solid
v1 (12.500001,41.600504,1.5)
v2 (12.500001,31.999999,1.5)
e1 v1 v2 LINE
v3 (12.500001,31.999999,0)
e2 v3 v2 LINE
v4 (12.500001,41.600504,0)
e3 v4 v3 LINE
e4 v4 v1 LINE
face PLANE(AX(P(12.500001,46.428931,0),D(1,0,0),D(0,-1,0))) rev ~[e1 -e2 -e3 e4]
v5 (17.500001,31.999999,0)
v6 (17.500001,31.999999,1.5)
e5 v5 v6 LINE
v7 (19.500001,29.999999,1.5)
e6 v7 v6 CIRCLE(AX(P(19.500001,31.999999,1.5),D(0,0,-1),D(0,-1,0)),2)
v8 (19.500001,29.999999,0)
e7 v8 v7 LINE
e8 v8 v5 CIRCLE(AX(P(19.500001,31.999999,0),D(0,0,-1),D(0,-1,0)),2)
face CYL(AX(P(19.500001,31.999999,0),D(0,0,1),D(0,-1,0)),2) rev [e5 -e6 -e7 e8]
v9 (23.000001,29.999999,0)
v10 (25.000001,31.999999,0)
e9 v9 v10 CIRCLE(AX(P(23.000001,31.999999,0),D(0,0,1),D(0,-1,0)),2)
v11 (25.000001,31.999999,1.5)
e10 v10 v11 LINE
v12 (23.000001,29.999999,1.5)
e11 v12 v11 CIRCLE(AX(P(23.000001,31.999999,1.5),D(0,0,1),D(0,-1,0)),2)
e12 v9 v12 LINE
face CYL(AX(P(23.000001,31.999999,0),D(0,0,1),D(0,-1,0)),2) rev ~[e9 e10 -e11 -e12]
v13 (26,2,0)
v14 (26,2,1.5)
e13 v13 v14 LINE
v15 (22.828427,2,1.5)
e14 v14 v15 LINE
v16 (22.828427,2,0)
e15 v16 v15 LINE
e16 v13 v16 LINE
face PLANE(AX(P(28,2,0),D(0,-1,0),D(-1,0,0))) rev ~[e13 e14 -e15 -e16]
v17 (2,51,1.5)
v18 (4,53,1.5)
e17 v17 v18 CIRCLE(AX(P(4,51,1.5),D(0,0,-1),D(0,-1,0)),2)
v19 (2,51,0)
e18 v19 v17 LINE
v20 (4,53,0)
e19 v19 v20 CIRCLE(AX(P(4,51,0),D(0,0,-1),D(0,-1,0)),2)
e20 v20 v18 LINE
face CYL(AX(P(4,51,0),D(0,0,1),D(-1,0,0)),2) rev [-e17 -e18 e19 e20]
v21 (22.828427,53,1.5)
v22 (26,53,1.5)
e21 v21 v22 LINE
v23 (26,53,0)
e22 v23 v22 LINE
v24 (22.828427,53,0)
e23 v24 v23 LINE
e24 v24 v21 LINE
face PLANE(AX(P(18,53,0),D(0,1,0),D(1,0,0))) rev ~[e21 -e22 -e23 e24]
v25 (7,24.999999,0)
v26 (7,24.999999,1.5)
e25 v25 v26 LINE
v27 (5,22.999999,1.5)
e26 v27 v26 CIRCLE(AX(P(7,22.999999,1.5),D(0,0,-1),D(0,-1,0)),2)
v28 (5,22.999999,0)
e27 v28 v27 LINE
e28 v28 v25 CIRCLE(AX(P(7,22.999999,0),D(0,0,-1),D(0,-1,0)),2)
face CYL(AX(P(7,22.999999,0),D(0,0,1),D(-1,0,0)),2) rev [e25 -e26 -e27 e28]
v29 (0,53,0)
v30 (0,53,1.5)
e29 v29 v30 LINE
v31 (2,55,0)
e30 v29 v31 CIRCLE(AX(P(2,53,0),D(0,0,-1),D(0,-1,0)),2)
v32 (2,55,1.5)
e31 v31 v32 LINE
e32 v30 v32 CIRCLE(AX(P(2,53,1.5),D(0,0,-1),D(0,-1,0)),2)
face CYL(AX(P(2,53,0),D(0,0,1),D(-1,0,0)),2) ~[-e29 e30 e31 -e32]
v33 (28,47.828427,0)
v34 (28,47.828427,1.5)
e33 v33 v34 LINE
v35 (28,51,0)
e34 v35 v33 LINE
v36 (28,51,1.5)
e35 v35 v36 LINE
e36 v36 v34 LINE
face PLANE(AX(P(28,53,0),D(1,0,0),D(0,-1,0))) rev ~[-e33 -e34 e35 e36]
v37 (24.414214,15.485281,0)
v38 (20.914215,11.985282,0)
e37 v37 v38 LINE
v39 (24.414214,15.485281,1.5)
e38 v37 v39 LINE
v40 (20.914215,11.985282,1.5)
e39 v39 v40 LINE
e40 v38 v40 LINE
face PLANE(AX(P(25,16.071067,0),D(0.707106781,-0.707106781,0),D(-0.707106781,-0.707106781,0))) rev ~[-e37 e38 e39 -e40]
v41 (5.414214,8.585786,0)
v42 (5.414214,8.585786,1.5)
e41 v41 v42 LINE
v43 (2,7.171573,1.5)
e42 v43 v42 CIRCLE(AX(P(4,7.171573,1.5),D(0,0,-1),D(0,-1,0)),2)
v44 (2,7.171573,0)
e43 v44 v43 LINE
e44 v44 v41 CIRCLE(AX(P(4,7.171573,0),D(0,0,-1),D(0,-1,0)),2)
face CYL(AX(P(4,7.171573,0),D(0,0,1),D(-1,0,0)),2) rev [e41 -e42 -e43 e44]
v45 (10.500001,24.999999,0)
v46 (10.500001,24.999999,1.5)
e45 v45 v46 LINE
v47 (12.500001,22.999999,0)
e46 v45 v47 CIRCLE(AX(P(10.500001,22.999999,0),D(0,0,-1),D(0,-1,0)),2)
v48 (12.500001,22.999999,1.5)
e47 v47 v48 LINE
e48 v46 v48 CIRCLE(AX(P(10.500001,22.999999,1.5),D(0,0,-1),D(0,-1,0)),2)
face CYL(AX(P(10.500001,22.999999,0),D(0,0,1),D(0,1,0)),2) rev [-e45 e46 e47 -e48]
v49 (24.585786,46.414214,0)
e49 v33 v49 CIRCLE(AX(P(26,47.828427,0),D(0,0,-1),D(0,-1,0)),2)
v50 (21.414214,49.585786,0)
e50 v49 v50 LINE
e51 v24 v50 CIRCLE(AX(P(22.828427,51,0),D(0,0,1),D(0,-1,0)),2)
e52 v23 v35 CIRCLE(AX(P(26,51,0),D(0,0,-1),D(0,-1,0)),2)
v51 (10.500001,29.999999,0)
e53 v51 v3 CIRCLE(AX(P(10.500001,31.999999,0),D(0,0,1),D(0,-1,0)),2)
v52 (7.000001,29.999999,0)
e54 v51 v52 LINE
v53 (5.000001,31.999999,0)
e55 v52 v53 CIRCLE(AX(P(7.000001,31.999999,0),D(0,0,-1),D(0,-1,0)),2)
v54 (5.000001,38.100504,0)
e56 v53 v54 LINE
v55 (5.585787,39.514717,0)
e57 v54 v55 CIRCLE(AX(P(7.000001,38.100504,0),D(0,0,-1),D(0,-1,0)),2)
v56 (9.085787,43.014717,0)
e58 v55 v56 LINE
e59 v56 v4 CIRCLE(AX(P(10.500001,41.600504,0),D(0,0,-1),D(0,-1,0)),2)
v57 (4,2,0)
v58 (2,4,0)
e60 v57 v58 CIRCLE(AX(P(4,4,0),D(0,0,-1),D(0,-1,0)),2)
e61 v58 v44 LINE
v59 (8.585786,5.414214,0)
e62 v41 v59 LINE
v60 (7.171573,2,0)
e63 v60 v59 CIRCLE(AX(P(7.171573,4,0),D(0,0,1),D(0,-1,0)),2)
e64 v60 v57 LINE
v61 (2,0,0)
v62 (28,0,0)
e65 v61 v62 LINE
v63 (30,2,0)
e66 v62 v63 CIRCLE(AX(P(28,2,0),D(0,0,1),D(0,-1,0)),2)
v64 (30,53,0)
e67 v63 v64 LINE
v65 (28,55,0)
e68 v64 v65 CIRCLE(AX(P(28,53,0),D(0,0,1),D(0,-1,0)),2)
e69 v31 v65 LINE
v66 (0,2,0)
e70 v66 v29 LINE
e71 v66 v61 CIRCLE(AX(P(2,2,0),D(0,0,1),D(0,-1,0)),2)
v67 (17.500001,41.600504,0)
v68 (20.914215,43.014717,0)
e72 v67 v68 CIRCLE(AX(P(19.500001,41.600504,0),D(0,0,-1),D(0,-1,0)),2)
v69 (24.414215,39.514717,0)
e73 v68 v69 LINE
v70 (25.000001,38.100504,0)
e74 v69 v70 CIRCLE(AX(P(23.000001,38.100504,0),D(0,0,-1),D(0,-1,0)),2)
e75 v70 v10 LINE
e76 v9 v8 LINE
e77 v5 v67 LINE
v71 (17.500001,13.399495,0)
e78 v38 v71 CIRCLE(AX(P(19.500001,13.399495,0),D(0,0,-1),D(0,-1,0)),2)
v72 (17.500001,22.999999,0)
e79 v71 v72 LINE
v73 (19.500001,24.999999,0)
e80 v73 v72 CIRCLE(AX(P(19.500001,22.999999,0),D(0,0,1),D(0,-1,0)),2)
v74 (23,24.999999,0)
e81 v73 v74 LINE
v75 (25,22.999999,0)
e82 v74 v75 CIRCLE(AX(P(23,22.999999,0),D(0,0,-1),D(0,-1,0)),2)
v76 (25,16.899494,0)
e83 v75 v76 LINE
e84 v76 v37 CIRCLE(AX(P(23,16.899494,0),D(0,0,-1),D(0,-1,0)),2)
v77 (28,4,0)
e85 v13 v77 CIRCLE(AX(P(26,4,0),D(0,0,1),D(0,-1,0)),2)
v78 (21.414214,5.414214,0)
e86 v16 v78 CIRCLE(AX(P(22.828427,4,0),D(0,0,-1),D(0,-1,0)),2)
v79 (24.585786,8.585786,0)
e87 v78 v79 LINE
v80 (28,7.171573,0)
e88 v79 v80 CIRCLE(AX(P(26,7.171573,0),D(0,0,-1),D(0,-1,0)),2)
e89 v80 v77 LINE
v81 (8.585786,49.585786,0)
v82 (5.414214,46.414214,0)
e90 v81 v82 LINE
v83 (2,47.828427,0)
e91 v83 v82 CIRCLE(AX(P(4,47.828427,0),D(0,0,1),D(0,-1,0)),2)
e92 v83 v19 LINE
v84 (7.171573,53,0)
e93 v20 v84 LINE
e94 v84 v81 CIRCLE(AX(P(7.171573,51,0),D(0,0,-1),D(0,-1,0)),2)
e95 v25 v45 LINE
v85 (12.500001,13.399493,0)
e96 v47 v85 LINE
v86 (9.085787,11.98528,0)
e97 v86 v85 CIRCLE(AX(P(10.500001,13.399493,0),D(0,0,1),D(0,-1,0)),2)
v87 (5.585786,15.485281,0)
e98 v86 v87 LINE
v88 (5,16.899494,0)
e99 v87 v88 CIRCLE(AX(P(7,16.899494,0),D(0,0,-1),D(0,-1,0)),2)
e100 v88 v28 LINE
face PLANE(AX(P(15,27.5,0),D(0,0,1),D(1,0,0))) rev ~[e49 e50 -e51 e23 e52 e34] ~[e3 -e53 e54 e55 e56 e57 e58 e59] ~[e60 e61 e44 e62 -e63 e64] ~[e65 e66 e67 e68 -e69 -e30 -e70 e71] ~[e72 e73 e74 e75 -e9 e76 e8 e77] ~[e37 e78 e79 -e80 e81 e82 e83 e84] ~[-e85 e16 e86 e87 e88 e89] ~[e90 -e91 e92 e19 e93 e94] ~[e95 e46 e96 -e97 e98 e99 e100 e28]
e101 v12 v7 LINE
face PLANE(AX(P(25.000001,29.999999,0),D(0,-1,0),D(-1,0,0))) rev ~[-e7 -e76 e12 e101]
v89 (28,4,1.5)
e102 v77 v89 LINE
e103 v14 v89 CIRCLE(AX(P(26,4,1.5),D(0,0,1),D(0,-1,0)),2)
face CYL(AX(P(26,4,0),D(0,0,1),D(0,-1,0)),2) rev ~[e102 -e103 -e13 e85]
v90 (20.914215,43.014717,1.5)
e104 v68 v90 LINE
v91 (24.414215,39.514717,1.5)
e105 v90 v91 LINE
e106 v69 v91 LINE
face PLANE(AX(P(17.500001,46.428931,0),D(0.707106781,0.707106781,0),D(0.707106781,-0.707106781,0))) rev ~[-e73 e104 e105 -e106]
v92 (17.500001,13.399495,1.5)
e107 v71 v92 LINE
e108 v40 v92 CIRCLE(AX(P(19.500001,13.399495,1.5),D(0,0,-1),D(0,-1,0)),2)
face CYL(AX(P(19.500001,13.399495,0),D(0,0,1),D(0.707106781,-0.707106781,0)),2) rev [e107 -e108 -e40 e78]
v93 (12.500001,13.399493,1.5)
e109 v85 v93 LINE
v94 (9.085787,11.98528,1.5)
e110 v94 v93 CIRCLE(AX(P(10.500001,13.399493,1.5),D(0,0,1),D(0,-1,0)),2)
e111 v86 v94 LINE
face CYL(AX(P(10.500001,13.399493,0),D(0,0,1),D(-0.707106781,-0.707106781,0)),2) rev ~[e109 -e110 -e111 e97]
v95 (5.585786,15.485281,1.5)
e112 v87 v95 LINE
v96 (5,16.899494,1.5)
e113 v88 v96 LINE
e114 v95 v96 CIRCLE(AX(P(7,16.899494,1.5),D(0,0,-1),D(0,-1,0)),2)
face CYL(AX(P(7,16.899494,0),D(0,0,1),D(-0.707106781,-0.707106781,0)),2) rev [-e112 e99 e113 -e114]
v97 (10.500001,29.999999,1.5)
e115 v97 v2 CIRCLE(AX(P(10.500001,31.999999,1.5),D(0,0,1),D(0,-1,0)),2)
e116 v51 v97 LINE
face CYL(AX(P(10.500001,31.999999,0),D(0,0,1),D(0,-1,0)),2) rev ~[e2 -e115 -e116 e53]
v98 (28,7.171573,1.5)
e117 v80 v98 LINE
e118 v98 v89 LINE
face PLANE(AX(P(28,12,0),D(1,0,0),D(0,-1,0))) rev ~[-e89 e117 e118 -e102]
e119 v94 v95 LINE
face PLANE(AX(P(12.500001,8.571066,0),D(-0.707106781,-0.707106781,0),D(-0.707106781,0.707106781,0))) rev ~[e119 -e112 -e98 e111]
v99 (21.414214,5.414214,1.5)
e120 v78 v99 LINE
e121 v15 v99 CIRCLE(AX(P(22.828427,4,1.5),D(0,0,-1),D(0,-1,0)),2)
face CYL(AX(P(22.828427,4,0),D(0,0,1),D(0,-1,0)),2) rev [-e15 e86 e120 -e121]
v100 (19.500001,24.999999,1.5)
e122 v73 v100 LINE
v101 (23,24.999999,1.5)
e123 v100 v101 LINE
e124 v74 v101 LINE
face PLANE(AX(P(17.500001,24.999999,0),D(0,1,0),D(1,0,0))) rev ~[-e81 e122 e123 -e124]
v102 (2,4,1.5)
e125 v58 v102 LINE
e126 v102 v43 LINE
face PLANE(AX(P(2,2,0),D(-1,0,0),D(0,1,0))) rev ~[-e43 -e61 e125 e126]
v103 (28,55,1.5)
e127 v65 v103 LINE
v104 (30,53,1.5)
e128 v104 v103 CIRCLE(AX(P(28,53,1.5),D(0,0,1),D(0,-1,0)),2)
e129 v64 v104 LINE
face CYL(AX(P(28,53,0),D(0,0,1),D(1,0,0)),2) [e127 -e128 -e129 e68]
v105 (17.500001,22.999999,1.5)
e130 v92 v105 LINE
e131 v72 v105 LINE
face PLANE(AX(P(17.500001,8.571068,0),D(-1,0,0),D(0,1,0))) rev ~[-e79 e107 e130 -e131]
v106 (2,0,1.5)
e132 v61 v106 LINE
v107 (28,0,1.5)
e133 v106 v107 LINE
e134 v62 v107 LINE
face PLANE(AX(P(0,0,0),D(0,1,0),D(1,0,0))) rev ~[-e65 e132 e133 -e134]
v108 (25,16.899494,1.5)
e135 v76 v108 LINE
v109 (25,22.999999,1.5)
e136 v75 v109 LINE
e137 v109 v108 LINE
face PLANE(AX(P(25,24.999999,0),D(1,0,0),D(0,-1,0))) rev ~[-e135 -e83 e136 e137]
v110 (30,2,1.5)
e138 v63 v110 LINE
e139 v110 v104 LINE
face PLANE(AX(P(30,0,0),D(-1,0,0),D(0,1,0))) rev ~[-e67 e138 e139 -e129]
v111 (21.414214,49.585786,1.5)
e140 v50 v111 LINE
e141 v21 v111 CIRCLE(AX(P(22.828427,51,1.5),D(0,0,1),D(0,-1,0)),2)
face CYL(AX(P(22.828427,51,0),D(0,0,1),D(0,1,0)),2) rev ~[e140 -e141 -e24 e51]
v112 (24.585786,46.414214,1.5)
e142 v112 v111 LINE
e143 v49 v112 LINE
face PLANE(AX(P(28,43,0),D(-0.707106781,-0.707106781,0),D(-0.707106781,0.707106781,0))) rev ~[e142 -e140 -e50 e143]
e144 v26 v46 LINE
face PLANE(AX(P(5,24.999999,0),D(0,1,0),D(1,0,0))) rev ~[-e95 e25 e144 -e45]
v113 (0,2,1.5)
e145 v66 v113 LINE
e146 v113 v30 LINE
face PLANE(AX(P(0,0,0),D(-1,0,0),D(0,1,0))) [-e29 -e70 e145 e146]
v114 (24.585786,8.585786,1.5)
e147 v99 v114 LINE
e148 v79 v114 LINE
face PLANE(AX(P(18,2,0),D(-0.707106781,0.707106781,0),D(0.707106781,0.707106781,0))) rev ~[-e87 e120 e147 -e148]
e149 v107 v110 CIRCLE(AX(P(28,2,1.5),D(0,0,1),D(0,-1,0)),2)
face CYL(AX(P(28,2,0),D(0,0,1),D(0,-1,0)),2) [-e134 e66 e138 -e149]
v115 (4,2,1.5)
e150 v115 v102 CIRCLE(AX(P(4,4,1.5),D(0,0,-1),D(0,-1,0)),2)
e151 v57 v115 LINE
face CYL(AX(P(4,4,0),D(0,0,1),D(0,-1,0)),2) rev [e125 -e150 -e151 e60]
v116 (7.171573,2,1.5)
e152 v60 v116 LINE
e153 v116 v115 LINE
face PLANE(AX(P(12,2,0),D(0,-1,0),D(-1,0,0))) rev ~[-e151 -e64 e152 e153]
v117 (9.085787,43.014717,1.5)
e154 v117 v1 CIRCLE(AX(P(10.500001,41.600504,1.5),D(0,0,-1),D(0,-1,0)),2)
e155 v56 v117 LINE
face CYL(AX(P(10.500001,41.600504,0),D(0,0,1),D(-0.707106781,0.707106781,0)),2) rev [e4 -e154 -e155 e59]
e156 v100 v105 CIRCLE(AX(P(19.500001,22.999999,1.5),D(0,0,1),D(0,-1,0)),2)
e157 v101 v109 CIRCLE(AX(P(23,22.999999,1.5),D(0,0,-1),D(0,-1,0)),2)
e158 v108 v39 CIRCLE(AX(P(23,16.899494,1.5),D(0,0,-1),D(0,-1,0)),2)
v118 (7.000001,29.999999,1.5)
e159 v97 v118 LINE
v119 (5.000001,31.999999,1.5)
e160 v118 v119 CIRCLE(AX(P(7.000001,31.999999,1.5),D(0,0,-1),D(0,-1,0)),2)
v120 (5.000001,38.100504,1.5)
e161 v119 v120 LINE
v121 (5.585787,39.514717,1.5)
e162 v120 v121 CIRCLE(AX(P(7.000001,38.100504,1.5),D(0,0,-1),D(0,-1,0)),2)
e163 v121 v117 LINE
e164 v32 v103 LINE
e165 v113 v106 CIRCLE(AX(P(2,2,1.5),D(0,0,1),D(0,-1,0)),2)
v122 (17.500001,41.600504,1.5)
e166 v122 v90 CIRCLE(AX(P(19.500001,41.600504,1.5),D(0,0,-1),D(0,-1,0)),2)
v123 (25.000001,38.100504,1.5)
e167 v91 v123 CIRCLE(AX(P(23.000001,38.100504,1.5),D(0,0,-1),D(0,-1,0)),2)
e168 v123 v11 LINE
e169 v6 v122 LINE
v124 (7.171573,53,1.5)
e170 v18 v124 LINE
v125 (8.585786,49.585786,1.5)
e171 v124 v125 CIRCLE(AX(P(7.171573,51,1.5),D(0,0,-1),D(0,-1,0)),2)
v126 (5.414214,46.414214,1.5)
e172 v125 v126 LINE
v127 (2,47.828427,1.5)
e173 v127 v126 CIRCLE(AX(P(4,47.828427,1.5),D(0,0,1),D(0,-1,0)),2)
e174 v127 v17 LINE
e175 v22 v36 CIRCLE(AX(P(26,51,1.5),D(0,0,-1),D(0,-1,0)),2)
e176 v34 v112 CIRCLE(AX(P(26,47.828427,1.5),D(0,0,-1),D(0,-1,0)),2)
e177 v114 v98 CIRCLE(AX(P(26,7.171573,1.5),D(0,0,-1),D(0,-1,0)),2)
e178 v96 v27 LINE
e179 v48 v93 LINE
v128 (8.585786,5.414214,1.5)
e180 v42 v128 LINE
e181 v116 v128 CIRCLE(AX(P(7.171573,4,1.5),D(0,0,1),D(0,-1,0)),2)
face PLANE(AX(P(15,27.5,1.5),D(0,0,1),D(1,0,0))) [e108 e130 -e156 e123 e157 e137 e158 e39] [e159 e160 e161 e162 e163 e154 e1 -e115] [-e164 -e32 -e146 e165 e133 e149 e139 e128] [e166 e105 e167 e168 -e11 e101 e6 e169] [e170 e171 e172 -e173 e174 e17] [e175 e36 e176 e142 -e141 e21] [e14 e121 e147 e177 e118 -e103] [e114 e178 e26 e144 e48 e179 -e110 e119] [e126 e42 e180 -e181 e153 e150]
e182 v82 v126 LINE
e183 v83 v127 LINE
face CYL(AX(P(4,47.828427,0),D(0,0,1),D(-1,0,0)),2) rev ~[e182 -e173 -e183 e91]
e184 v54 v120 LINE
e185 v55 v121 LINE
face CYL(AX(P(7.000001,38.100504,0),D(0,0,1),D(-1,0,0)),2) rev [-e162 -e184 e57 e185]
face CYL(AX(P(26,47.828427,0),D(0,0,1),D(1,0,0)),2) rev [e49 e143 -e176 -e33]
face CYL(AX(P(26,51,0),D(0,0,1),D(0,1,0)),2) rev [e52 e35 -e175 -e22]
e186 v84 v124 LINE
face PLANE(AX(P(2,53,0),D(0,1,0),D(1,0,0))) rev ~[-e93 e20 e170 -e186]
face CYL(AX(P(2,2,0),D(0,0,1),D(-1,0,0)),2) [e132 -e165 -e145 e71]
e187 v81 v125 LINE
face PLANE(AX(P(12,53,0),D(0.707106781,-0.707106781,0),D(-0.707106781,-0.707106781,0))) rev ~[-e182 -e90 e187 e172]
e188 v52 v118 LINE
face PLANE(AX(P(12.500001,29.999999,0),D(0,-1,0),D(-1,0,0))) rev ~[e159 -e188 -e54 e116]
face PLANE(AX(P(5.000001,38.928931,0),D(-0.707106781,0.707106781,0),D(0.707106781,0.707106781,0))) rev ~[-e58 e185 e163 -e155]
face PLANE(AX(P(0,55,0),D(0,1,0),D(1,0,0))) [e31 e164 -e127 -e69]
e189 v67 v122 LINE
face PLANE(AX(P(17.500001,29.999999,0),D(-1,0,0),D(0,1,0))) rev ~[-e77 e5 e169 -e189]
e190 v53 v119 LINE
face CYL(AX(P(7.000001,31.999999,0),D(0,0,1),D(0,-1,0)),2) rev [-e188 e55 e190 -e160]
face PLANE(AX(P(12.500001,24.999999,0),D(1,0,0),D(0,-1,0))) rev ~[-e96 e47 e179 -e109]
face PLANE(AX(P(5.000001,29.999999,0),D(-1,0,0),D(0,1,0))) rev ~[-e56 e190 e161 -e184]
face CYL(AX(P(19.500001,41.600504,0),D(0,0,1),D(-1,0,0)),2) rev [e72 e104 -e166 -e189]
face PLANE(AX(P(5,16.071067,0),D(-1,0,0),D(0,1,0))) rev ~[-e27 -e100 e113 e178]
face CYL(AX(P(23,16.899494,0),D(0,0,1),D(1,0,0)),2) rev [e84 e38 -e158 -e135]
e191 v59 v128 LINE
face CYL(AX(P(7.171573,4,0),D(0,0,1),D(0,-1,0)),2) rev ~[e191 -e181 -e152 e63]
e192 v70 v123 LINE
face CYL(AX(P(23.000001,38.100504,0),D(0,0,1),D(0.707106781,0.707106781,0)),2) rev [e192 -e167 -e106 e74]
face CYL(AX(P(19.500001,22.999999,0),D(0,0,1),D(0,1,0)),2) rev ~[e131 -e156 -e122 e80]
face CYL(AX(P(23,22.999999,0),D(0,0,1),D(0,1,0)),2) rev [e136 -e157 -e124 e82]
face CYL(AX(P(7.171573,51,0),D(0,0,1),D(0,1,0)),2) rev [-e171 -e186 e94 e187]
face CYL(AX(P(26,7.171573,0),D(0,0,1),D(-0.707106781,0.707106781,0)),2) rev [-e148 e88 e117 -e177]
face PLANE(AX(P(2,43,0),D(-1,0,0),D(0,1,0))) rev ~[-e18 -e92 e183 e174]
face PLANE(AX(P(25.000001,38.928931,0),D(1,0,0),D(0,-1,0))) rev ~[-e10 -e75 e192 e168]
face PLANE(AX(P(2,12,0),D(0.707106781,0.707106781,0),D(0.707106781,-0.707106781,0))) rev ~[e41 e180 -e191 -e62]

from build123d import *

# Parameters (mm, degrees)
F0_W     = 30
F0_H     = 55
F1_DEPTH = 1.5
F2_R     = 2


with BuildPart() as f1:
    # F0 (on Top) → F1 (new body)
    with BuildSketch(Plane.XY):
        with Locations((15, 27.5)):
            Rectangle(F0_W, F0_H)
        Polygon((12, 2), (2, 2), (2, 12), (2, 43), (2, 53), (12, 53), (18, 53), (28, 53), (28, 43), (28, 12), (28, 2), (18, 2), align=None, mode=Mode.SUBTRACT)
        Polygon((2, 43), (2, 12), (12, 2), (18, 2), (28, 12), (28, 43), (18, 53), (12, 53), align=None)
        Polygon((12.500001, 8.571066), (5, 16.071067), (5, 24.999999), (12.500001, 24.999999), (17.500001, 24.999999), (25, 24.999999), (25, 16.071067), (17.500001, 8.571068), (15, 6.071067), align=None, mode=Mode.SUBTRACT)
        Polygon((5.000001, 29.999999), (5.000001, 38.928931), (12.500001, 46.428931), (15.000001, 48.928931), (17.500001, 46.428931), (25.000001, 38.928931), (25.000001, 29.999999), (17.500001, 29.999999), (12.500001, 29.999999), align=None, mode=Mode.SUBTRACT)
        Polygon((15.000001, 48.928931), (12.500001, 46.428931), (12.500001, 29.999999), (17.500001, 29.999999), (17.500001, 46.428931), align=None)
        Polygon((12.500001, 24.999999), (12.500001, 8.571066), (15, 6.071067), (17.500001, 8.571068), (17.500001, 24.999999), align=None)
    extrude(amount=F1_DEPTH)

    # F2
    f2_edges = [f1.edges().sort_by_distance(p)[0] for p in [
        (2, 53, 0.75),
        (12, 53, 0.75),
        (2, 43, 0.75),
        (0, 55, 0.75),
        (30, 55, 0.75),
        (30, 0, 0.75),
        (0, 0, 0.75),
        (28, 53, 0.75),
        (18, 53, 0.75),
        (28, 43, 0.75),
        (25.000001, 29.999999, 0.75),
        (17.500001, 29.999999, 0.75),
        (17.500001, 46.428931, 0.75),
        (25.000001, 38.928931, 0.75),
        (12.500001, 46.428931, 0.75),
        (5.000001, 38.928931, 0.75),
        (5.000001, 29.999999, 0.75),
        (12.500001, 29.999999, 0.75),
        (12.500001, 8.571066, 0.75),
        (5, 16.071067, 0.75),
        (5, 24.999999, 0.75),
        (12.500001, 24.999999, 0.75),
        (25, 24.999999, 0.75),
        (25, 16.071067, 0.75),
        (17.500001, 24.999999, 0.75),
        (17.500001, 8.571068, 0.75),
        (2, 2, 0.75),
        (2, 12, 0.75),
        (12, 2, 0.75),
        (28, 12, 0.75),
        (28, 2, 0.75),
        (18, 2, 0.75),
    ]]
    fillet(f2_edges, radius=F2_R)


solid = f1.part
